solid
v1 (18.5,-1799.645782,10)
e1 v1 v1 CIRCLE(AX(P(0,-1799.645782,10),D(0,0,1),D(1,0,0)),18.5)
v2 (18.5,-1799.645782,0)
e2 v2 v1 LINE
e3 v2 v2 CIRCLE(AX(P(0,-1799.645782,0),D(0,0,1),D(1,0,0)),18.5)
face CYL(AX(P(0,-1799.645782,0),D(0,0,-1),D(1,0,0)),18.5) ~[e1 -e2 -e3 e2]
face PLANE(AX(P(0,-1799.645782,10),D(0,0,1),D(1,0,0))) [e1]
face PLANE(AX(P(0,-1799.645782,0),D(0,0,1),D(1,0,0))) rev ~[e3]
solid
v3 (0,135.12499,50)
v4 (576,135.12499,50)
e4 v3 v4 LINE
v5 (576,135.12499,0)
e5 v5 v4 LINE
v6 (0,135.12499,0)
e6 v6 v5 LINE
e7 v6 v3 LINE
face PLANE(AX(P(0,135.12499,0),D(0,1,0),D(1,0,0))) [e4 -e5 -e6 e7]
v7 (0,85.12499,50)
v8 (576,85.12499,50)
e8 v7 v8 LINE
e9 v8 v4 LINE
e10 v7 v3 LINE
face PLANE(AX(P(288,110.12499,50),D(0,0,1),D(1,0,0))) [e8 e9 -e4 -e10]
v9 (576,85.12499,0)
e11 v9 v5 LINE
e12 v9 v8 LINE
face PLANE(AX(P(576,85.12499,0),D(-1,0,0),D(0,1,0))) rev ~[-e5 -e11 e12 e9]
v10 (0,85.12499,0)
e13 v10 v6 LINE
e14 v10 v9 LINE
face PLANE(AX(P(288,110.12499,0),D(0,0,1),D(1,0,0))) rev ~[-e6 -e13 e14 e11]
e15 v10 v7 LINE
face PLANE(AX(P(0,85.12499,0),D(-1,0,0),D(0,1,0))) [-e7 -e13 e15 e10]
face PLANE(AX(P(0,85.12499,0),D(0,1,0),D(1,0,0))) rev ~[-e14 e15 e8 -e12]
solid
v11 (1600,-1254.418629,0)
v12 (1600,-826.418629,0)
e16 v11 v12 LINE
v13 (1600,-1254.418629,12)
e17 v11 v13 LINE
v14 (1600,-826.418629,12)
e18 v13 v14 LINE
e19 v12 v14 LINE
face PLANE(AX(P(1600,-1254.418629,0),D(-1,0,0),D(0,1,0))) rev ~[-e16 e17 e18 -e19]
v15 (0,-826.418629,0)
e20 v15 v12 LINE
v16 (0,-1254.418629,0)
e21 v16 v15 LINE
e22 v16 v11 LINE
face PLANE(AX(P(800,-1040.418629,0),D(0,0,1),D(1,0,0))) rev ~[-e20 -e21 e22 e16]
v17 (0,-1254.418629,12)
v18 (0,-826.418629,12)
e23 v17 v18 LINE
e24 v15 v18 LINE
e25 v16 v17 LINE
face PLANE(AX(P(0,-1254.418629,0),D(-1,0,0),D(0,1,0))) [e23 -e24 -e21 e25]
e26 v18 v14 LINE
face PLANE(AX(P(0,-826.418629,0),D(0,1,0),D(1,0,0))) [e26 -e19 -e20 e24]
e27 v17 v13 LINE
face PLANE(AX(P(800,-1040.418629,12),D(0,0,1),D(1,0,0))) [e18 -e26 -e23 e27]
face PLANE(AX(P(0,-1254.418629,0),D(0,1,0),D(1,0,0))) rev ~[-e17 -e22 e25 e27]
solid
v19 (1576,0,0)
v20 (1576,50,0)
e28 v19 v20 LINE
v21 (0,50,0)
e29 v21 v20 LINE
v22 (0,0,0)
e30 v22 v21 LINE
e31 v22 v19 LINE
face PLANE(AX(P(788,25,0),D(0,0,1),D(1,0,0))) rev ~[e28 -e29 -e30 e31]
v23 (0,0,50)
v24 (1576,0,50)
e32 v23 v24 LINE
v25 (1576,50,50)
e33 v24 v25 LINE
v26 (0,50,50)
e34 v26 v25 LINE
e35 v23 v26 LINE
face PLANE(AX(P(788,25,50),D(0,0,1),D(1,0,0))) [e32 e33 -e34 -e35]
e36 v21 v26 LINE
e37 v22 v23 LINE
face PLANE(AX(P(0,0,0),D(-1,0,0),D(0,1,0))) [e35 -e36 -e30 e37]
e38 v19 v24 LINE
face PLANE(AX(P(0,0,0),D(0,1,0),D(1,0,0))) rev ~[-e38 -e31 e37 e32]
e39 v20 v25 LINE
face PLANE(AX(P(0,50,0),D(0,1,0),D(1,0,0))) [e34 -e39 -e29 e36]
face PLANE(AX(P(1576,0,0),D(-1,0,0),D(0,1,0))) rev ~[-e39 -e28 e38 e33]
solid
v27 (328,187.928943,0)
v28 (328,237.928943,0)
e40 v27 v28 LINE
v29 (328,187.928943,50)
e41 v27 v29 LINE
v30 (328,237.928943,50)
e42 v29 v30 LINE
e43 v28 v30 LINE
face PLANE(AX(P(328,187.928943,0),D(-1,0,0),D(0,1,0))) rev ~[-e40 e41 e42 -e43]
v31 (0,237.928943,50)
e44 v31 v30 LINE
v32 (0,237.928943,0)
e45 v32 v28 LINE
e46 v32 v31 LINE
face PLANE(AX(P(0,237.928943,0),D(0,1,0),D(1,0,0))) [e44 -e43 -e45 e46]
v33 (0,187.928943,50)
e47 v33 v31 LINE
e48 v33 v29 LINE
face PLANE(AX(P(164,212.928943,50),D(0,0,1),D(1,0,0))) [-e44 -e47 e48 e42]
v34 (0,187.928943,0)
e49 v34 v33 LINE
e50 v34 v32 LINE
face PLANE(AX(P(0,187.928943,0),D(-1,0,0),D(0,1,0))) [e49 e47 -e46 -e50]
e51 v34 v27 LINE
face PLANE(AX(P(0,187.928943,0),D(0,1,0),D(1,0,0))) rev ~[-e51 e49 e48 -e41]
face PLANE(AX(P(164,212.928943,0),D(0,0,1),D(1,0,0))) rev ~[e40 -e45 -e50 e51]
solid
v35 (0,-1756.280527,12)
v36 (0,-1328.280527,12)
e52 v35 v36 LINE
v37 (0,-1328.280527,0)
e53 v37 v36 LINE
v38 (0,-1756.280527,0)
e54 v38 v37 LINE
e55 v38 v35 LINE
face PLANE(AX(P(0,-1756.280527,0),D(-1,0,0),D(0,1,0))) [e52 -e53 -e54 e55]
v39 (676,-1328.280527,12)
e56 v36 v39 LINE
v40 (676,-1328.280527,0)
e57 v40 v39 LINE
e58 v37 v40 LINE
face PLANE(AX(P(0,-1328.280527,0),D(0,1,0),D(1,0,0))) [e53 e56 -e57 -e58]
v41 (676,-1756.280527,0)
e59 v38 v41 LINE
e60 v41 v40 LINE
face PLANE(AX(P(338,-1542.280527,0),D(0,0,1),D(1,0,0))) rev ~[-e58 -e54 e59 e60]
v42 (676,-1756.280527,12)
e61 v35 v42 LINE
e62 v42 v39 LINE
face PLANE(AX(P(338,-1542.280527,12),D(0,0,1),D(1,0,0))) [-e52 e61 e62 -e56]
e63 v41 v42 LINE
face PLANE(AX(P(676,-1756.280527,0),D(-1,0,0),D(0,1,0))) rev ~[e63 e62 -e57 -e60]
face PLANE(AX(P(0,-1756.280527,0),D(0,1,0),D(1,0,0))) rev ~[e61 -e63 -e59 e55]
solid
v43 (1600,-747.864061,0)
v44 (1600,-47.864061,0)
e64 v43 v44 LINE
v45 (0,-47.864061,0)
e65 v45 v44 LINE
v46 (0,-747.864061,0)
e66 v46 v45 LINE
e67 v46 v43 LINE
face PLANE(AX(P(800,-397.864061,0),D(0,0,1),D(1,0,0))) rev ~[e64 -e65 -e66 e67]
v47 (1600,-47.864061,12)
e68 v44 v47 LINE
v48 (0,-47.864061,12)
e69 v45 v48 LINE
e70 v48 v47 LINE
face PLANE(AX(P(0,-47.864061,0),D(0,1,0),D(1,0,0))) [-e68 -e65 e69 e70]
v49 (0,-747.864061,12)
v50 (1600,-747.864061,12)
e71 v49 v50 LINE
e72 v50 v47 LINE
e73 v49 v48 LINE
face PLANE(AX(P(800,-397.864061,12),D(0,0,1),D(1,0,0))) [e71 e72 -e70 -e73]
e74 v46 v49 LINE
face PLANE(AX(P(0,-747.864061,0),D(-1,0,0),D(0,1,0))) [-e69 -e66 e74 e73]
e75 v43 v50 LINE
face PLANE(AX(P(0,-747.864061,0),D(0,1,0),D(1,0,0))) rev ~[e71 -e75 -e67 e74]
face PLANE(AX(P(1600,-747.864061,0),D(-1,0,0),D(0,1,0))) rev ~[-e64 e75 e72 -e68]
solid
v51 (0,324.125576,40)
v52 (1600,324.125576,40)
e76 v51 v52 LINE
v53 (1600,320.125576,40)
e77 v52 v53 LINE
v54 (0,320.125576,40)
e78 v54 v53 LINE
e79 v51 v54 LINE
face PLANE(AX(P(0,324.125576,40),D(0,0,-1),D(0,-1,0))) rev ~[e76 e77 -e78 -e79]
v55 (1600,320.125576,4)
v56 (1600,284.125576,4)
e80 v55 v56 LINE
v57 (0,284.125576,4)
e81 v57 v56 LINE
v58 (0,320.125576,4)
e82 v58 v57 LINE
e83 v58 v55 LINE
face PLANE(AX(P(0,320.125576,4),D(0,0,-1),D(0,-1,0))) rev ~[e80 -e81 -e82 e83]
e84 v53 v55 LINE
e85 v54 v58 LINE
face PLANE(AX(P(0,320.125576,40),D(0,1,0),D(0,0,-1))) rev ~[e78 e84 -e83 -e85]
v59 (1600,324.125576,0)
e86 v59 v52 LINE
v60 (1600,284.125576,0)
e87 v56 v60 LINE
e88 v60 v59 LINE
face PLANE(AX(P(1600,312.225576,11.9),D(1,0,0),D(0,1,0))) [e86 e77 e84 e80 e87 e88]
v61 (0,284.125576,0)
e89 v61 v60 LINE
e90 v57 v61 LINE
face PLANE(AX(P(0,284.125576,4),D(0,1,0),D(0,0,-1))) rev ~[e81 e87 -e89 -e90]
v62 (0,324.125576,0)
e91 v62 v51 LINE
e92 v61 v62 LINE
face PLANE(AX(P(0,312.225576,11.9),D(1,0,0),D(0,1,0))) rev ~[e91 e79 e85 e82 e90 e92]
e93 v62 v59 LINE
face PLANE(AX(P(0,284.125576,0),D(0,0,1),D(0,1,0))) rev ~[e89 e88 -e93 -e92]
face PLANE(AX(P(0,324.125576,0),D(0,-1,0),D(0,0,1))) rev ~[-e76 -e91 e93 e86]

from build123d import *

# Parameters (mm, degrees)
F4_W      = 1576
F4_H      = 50
F5_DEPTH  = 50
F6_W      = 576
F6_H      = 50
F7_DEPTH  = 50
F8_W      = 328
F8_H      = 50
F9_DEPTH  = 50
F10_W     = 1600
F10_H     = 700
F11_DEPTH = 12
F12_W     = 1600
F12_H     = 428
F13_DEPTH = 12
F14_W     = 676
F14_H     = 428
F15_DEPTH = 12
F17_DEPTH = 1600
F18_R     = 18.5
F19_DEPTH = 10


with BuildPart() as f5:
    # F4 (on Top) → F5 (new body)
    with BuildSketch(Plane.XY):
        with Locations((788, 25)):
            Rectangle(F4_W, F4_H)
    extrude(amount=F5_DEPTH)


with BuildPart() as f7:
    # F6 (on Top) → F7 (new body)
    with BuildSketch(Plane.XY):
        with Locations((288, 110.1249895759)):
            Rectangle(F6_W, F6_H)
    extrude(amount=F7_DEPTH)


with BuildPart() as f9:
    # F8 (on Top) → F9 (new body)
    with BuildSketch(Plane.XY):
        with Locations((164, 212.9289425771)):
            Rectangle(F8_W, F8_H)
    extrude(amount=F9_DEPTH)


with BuildPart() as f11:
    # F10 (on Top) → F11 (new body)
    with BuildSketch(Plane.XY):
        with Locations((800, -397.8640609177)):
            Rectangle(F10_W, F10_H)
    extrude(amount=F11_DEPTH)


with BuildPart() as f13:
    # F12 (on Top) → F13 (new body)
    with BuildSketch(Plane.XY):
        with Locations((800, -1040.4186293055)):
            Rectangle(F12_W, F12_H)
    extrude(amount=F13_DEPTH)


with BuildPart() as f15:
    # F14 (on Top) → F15 (new body)
    with BuildSketch(Plane.XY):
        with Locations((338, -1542.2805274396)):
            Rectangle(F14_W, F14_H)
    extrude(amount=F15_DEPTH)


with BuildPart() as f17:
    # F16 (on Right) → F17 (new body)
    with BuildSketch(Plane.YZ):
        Polygon((284.1255764412, 0), (324.1255764412, 0), (324.1255764412, 40), (320.1255764412, 40), (320.1255764412, 4), (284.1255764412, 4), align=None)
    extrude(amount=F17_DEPTH)


with BuildPart() as f19:
    # F18 (on Top) → F19 (new body)
    with BuildSketch(Plane.XY):
        with Locations((0, -1799.645781517)):
            Circle(F18_R)
    extrude(amount=F19_DEPTH)


solid = Compound([f5.part, f7.part, f9.part, f11.part, f13.part, f15.part, f17.part, f19.part])
